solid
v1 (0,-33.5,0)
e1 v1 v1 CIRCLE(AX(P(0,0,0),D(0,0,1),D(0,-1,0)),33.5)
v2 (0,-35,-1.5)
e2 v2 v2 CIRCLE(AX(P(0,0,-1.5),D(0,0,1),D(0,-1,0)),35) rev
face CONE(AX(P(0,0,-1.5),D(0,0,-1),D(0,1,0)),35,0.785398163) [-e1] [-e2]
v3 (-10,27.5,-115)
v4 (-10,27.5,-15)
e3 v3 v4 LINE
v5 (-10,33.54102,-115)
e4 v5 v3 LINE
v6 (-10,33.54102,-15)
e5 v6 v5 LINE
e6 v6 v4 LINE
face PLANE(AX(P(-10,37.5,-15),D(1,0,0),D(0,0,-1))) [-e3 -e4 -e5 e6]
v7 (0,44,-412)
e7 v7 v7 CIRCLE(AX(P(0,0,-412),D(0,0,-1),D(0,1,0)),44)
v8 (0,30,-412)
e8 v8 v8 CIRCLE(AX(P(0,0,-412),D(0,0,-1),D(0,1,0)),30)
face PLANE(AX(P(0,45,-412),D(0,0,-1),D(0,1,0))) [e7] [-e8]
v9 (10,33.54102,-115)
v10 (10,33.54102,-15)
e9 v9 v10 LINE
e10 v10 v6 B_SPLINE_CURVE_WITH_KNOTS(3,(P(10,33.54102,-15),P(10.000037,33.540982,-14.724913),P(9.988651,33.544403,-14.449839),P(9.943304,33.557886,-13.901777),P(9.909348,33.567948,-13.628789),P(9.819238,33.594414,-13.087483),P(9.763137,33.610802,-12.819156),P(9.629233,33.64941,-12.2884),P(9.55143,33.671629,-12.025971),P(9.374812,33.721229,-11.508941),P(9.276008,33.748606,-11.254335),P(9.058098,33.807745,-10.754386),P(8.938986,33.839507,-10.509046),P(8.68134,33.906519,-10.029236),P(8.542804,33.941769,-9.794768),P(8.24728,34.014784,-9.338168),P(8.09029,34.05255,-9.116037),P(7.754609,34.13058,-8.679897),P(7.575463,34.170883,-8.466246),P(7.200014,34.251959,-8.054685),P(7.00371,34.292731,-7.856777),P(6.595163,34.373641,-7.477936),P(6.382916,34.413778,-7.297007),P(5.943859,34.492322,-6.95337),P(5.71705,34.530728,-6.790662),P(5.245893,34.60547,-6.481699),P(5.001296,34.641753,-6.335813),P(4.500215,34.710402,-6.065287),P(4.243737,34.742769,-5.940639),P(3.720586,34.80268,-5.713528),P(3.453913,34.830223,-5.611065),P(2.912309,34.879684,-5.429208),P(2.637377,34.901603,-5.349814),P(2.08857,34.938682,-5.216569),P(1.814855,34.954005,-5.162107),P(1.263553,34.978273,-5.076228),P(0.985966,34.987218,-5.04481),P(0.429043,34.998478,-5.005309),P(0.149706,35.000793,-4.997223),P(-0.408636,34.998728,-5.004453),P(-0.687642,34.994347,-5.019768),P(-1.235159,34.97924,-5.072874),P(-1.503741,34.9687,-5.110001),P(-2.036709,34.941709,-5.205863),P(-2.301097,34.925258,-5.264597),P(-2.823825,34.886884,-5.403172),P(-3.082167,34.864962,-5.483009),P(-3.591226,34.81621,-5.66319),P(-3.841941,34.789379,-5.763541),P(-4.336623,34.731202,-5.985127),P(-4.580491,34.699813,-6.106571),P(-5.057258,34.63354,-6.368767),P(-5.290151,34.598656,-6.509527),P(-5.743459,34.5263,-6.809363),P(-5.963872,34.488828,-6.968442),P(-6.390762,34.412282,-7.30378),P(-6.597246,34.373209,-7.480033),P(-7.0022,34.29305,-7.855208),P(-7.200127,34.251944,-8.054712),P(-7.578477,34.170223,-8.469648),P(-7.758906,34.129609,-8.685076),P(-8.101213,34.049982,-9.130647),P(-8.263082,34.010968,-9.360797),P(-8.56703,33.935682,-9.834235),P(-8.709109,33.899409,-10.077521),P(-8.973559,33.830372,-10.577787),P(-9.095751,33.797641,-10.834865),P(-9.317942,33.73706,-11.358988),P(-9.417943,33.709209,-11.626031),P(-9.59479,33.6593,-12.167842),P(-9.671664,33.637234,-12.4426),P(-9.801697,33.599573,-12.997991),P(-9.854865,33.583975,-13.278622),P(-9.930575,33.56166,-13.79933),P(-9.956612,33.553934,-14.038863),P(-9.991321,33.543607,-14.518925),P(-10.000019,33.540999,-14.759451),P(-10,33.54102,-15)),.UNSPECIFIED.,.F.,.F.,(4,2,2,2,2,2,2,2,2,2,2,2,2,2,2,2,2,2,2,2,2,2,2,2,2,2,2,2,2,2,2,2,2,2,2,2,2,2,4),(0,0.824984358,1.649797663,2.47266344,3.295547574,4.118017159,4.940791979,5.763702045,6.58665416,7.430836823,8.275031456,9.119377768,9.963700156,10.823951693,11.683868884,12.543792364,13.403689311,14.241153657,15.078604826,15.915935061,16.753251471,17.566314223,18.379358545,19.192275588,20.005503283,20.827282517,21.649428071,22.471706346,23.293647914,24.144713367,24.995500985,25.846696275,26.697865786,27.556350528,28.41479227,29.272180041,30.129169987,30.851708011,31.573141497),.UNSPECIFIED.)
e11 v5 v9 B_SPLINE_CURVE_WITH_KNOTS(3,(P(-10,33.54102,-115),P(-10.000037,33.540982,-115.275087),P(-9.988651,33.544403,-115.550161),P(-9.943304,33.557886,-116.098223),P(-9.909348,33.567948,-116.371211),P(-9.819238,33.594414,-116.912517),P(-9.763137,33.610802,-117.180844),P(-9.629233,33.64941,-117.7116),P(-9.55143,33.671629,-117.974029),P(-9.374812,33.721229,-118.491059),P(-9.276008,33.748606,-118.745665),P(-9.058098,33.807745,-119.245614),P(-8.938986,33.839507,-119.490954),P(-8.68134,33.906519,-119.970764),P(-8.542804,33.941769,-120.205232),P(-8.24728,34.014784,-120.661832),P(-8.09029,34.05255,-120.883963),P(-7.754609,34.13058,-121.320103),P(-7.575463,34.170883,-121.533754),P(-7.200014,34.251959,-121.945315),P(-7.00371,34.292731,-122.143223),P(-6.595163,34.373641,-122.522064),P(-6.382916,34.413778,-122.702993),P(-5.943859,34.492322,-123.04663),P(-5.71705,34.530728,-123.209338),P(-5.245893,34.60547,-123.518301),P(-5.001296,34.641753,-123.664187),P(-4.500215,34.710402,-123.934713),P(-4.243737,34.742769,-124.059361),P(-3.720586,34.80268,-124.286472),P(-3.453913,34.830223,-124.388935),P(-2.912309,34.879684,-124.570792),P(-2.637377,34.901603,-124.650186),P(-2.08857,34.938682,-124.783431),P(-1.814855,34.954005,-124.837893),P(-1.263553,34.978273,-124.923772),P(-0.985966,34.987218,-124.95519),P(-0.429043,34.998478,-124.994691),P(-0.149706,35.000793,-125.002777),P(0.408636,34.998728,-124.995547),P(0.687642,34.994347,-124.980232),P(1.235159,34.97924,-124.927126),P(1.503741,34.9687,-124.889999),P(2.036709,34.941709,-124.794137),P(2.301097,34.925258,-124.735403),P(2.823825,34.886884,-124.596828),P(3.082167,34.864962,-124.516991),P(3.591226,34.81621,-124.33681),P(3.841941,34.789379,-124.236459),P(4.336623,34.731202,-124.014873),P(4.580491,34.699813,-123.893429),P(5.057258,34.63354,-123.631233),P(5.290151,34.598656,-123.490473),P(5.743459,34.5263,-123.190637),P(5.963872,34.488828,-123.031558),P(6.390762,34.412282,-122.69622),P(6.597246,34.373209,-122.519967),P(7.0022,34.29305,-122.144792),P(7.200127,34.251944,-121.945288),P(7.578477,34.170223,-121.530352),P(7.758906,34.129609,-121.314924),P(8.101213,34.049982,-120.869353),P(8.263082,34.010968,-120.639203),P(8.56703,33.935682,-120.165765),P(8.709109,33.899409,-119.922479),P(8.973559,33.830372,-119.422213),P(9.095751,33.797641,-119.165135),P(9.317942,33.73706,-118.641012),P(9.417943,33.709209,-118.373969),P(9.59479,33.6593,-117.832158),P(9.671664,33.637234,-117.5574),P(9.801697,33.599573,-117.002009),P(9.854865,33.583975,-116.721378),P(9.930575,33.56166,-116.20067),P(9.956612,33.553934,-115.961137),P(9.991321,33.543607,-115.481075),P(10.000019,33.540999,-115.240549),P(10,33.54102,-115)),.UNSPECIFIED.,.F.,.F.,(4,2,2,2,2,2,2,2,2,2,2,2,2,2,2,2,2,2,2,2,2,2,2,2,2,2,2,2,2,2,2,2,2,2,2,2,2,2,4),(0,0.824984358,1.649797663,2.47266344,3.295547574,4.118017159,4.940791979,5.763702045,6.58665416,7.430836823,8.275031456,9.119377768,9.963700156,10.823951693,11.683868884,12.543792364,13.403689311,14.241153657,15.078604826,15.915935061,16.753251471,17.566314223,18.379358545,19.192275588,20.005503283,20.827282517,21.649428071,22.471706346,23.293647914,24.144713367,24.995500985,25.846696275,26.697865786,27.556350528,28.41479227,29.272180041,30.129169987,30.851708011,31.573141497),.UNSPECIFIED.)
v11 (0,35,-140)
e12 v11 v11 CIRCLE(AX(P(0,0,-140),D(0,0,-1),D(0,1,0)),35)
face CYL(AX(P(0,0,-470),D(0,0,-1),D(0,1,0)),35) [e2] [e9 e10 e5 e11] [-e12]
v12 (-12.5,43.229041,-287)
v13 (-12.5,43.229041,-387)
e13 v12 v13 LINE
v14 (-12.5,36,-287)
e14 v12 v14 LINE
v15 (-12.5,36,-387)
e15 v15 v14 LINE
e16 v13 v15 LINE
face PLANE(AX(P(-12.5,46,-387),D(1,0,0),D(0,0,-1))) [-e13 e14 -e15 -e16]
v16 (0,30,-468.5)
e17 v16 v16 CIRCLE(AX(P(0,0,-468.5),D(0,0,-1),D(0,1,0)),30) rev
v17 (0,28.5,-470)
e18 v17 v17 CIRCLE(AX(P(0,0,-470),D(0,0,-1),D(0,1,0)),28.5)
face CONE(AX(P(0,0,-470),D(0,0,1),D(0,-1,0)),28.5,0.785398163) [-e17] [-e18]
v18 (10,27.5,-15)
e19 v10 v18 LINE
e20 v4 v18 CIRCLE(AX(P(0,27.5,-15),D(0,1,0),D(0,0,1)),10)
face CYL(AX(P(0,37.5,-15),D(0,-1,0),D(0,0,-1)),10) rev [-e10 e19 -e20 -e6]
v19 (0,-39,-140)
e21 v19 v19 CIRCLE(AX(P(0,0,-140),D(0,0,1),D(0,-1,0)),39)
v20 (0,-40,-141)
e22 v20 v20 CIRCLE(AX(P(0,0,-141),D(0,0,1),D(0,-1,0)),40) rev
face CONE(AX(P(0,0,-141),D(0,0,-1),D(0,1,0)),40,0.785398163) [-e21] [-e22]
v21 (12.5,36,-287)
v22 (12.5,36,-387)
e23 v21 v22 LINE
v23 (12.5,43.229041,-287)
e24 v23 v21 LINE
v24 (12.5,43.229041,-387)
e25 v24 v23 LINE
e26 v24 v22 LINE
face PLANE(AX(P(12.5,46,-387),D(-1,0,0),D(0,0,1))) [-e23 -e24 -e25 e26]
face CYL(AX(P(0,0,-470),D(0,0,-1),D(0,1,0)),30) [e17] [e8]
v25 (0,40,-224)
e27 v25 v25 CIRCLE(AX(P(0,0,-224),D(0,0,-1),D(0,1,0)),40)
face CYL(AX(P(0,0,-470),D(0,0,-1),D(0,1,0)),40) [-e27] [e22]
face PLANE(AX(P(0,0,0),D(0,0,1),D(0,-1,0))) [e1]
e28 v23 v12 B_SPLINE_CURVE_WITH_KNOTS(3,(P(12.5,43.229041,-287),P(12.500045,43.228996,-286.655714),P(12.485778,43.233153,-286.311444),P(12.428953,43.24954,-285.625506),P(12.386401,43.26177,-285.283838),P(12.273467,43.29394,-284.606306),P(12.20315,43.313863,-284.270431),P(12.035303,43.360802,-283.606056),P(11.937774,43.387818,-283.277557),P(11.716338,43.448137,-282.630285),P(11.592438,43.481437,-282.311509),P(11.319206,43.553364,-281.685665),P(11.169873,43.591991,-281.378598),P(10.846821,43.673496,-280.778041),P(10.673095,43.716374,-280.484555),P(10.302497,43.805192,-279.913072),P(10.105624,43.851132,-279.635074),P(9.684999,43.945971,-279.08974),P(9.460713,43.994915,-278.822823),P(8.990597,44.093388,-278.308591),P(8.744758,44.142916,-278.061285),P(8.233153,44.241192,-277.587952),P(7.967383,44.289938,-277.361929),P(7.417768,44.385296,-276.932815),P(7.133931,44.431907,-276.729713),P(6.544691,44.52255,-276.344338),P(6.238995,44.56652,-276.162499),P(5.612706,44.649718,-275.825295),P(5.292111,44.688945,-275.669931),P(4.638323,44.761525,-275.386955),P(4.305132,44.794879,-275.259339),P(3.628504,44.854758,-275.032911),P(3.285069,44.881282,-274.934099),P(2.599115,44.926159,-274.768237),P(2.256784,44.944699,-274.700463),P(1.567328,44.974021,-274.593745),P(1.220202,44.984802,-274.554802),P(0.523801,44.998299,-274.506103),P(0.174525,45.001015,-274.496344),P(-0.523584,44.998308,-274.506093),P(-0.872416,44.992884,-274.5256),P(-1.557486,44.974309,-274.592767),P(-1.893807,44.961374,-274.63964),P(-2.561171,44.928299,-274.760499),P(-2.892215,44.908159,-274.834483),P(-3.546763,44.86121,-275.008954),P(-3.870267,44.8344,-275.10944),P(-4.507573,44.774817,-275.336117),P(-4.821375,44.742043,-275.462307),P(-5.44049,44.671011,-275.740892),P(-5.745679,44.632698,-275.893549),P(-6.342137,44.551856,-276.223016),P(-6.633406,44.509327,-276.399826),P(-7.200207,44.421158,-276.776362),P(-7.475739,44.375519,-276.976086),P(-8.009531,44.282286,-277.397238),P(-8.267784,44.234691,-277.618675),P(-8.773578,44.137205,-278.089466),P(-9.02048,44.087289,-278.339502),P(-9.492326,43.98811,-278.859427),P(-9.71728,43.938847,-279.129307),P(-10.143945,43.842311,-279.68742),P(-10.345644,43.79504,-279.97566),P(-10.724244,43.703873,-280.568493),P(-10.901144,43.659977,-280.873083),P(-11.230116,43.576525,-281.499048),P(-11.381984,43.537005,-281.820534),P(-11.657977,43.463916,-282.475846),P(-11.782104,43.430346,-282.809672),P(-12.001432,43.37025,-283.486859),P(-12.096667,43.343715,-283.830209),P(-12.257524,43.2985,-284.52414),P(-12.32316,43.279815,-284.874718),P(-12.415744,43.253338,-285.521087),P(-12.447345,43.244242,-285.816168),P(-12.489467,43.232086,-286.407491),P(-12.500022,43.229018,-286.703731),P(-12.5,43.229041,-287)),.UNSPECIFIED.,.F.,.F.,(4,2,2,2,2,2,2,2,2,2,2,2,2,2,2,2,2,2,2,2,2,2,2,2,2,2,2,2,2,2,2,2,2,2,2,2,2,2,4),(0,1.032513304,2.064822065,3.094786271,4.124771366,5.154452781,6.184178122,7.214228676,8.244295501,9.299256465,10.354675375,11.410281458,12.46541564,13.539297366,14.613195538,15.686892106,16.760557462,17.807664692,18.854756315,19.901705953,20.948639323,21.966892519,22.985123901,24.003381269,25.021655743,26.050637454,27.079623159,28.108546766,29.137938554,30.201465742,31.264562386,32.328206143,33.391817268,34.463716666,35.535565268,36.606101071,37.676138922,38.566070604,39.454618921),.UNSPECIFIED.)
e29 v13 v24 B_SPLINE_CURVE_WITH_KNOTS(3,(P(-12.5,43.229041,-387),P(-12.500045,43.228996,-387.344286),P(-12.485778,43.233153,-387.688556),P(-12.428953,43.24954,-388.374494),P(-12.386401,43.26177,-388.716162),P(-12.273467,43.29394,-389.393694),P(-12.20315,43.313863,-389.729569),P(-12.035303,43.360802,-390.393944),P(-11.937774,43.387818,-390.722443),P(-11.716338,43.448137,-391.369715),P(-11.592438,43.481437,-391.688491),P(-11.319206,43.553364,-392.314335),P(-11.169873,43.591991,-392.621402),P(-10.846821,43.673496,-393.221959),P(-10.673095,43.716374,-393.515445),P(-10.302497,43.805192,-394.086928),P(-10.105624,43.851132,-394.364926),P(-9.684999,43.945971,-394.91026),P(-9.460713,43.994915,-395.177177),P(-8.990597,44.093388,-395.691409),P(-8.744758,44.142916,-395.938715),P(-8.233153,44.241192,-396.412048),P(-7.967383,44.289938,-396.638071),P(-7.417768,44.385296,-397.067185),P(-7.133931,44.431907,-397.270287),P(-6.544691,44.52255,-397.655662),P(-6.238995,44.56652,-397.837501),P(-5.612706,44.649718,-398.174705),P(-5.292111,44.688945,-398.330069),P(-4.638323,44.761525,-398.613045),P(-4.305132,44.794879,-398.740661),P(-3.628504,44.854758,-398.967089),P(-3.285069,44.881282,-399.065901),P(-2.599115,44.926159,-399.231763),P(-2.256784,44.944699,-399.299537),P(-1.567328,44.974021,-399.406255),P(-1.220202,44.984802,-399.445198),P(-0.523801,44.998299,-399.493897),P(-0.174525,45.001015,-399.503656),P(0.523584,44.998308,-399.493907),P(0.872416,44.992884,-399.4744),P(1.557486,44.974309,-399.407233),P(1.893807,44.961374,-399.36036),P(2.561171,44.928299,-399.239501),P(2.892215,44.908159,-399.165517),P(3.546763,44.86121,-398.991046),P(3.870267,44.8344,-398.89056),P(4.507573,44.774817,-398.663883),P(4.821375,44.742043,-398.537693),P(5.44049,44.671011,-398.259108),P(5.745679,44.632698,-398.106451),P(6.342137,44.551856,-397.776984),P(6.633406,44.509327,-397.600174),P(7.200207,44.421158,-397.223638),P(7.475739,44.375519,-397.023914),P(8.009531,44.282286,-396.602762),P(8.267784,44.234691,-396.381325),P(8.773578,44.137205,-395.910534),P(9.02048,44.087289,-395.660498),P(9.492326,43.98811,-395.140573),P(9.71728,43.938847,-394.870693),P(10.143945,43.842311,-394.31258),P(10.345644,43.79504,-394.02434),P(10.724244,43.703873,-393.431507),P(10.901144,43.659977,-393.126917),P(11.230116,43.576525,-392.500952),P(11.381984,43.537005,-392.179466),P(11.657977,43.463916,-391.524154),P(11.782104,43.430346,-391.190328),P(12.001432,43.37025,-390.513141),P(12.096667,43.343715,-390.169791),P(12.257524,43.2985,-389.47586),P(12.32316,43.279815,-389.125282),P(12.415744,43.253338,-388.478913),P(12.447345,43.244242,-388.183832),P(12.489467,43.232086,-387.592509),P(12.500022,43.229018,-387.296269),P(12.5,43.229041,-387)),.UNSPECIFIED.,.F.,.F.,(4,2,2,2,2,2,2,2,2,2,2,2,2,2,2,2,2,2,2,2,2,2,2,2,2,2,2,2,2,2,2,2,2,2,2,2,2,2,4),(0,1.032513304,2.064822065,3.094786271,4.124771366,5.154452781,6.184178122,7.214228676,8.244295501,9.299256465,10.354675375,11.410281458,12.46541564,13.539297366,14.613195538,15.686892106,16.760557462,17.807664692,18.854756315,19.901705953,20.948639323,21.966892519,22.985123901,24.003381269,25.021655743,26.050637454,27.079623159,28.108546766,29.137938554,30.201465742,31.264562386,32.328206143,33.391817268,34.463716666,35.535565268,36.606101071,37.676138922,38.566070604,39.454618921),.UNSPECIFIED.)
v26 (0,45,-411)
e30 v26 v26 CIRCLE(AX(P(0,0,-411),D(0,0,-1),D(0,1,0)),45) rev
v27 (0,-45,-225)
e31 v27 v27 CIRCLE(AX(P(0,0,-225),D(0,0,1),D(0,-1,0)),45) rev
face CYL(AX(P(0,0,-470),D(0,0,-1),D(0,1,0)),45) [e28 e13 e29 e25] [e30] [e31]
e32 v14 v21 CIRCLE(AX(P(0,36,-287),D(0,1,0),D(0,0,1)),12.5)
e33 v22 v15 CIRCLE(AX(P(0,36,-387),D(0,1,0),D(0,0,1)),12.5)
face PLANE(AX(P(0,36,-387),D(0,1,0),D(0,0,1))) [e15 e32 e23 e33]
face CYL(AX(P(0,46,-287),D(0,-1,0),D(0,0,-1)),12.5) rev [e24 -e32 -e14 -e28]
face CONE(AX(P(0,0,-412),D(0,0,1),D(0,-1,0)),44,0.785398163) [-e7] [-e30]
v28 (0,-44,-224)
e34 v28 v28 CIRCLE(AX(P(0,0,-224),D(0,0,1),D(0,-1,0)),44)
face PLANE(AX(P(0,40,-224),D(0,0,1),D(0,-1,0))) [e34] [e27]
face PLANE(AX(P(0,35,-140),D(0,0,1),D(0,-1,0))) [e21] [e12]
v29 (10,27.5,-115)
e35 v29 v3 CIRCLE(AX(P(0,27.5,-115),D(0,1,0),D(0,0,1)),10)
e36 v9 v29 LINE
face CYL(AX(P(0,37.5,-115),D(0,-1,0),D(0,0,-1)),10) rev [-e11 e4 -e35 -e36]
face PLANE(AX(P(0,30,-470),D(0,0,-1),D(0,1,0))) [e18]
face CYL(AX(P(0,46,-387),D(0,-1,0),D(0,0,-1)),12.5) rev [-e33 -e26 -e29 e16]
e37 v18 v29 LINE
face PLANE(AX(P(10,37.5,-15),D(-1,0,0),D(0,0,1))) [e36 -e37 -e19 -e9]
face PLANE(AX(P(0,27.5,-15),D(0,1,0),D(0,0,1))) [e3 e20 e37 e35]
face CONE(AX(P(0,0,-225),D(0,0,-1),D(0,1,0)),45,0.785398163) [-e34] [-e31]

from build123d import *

# Parameters (mm, degrees)
CUT_EXTRUDE1_START = 27.5
CUT_EXTRUDE1_DEPTH = 10
CUT_EXTRUDE2_START = 36
CUT_EXTRUDE2_DEPTH = 10
CHAMFER1_SIZE      = 1.5
CHAMFER2_SIZE      = 1


with BuildPart() as part:
    # Sketch1 → Revolve1 (revolve)
    with BuildSketch(Plane(origin=(0, 0, 0), x_dir=(0, 0, -1), z_dir=(1, 0, 0))):
        Polygon((0, 0), (0, 35), (140, 35), (140, 40), (224, 40), (224, 45), (412, 45), (412, 30), (470, 30), (470, 0), align=None)
    revolve(axis=Axis((0, 0, -470), (0, 0, 1)))

    # Sketch2 → Cut-Extrude1 (cut)
    with BuildSketch(Plane(origin=(0, 0, 0), x_dir=(1, 0, 0), z_dir=(0, 1, 0)).offset(CUT_EXTRUDE1_START)):
        with BuildLine():
            Line((-10, 15), (-10, 115))
            ThreePointArc((-10, 115), (0, 125), (10, 115))
            Line((10, 115), (10, 15))
            ThreePointArc((10, 15), (0, 5), (-10, 15))
        make_face()
    extrude(amount=CUT_EXTRUDE1_DEPTH, mode=Mode.SUBTRACT)

    # Sketch4 → Cut-Extrude2 (cut)
    with BuildSketch(Plane(origin=(0, 0, 0), x_dir=(1, 0, 0), z_dir=(0, 1, 0)).offset(CUT_EXTRUDE2_START)):
        with BuildLine():
            Line((12.5, 387), (12.5, 287))
            ThreePointArc((12.5, 287), (0, 274.5), (-12.5, 287))
            Line((-12.5, 287), (-12.5, 387))
            ThreePointArc((-12.5, 387), (0, 399.5), (12.5, 387))
        make_face()
    extrude(amount=CUT_EXTRUDE2_DEPTH, mode=Mode.SUBTRACT)

    # Chamfer1
    chamfer1_edges = [part.edges().sort_by_distance(p)[0] for p in [
        (0, -35, 0),
        (0, -30, -470),
    ]]
    chamfer(chamfer1_edges, length=CHAMFER1_SIZE)

    # Chamfer2
    chamfer2_edges = [part.edges().sort_by_distance(p)[0] for p in [
        (0, -40, -140),
        (0, -45, -412),
        (0, -45, -224),
    ]]
    chamfer(chamfer2_edges, length=CHAMFER2_SIZE)


solid = part.part
